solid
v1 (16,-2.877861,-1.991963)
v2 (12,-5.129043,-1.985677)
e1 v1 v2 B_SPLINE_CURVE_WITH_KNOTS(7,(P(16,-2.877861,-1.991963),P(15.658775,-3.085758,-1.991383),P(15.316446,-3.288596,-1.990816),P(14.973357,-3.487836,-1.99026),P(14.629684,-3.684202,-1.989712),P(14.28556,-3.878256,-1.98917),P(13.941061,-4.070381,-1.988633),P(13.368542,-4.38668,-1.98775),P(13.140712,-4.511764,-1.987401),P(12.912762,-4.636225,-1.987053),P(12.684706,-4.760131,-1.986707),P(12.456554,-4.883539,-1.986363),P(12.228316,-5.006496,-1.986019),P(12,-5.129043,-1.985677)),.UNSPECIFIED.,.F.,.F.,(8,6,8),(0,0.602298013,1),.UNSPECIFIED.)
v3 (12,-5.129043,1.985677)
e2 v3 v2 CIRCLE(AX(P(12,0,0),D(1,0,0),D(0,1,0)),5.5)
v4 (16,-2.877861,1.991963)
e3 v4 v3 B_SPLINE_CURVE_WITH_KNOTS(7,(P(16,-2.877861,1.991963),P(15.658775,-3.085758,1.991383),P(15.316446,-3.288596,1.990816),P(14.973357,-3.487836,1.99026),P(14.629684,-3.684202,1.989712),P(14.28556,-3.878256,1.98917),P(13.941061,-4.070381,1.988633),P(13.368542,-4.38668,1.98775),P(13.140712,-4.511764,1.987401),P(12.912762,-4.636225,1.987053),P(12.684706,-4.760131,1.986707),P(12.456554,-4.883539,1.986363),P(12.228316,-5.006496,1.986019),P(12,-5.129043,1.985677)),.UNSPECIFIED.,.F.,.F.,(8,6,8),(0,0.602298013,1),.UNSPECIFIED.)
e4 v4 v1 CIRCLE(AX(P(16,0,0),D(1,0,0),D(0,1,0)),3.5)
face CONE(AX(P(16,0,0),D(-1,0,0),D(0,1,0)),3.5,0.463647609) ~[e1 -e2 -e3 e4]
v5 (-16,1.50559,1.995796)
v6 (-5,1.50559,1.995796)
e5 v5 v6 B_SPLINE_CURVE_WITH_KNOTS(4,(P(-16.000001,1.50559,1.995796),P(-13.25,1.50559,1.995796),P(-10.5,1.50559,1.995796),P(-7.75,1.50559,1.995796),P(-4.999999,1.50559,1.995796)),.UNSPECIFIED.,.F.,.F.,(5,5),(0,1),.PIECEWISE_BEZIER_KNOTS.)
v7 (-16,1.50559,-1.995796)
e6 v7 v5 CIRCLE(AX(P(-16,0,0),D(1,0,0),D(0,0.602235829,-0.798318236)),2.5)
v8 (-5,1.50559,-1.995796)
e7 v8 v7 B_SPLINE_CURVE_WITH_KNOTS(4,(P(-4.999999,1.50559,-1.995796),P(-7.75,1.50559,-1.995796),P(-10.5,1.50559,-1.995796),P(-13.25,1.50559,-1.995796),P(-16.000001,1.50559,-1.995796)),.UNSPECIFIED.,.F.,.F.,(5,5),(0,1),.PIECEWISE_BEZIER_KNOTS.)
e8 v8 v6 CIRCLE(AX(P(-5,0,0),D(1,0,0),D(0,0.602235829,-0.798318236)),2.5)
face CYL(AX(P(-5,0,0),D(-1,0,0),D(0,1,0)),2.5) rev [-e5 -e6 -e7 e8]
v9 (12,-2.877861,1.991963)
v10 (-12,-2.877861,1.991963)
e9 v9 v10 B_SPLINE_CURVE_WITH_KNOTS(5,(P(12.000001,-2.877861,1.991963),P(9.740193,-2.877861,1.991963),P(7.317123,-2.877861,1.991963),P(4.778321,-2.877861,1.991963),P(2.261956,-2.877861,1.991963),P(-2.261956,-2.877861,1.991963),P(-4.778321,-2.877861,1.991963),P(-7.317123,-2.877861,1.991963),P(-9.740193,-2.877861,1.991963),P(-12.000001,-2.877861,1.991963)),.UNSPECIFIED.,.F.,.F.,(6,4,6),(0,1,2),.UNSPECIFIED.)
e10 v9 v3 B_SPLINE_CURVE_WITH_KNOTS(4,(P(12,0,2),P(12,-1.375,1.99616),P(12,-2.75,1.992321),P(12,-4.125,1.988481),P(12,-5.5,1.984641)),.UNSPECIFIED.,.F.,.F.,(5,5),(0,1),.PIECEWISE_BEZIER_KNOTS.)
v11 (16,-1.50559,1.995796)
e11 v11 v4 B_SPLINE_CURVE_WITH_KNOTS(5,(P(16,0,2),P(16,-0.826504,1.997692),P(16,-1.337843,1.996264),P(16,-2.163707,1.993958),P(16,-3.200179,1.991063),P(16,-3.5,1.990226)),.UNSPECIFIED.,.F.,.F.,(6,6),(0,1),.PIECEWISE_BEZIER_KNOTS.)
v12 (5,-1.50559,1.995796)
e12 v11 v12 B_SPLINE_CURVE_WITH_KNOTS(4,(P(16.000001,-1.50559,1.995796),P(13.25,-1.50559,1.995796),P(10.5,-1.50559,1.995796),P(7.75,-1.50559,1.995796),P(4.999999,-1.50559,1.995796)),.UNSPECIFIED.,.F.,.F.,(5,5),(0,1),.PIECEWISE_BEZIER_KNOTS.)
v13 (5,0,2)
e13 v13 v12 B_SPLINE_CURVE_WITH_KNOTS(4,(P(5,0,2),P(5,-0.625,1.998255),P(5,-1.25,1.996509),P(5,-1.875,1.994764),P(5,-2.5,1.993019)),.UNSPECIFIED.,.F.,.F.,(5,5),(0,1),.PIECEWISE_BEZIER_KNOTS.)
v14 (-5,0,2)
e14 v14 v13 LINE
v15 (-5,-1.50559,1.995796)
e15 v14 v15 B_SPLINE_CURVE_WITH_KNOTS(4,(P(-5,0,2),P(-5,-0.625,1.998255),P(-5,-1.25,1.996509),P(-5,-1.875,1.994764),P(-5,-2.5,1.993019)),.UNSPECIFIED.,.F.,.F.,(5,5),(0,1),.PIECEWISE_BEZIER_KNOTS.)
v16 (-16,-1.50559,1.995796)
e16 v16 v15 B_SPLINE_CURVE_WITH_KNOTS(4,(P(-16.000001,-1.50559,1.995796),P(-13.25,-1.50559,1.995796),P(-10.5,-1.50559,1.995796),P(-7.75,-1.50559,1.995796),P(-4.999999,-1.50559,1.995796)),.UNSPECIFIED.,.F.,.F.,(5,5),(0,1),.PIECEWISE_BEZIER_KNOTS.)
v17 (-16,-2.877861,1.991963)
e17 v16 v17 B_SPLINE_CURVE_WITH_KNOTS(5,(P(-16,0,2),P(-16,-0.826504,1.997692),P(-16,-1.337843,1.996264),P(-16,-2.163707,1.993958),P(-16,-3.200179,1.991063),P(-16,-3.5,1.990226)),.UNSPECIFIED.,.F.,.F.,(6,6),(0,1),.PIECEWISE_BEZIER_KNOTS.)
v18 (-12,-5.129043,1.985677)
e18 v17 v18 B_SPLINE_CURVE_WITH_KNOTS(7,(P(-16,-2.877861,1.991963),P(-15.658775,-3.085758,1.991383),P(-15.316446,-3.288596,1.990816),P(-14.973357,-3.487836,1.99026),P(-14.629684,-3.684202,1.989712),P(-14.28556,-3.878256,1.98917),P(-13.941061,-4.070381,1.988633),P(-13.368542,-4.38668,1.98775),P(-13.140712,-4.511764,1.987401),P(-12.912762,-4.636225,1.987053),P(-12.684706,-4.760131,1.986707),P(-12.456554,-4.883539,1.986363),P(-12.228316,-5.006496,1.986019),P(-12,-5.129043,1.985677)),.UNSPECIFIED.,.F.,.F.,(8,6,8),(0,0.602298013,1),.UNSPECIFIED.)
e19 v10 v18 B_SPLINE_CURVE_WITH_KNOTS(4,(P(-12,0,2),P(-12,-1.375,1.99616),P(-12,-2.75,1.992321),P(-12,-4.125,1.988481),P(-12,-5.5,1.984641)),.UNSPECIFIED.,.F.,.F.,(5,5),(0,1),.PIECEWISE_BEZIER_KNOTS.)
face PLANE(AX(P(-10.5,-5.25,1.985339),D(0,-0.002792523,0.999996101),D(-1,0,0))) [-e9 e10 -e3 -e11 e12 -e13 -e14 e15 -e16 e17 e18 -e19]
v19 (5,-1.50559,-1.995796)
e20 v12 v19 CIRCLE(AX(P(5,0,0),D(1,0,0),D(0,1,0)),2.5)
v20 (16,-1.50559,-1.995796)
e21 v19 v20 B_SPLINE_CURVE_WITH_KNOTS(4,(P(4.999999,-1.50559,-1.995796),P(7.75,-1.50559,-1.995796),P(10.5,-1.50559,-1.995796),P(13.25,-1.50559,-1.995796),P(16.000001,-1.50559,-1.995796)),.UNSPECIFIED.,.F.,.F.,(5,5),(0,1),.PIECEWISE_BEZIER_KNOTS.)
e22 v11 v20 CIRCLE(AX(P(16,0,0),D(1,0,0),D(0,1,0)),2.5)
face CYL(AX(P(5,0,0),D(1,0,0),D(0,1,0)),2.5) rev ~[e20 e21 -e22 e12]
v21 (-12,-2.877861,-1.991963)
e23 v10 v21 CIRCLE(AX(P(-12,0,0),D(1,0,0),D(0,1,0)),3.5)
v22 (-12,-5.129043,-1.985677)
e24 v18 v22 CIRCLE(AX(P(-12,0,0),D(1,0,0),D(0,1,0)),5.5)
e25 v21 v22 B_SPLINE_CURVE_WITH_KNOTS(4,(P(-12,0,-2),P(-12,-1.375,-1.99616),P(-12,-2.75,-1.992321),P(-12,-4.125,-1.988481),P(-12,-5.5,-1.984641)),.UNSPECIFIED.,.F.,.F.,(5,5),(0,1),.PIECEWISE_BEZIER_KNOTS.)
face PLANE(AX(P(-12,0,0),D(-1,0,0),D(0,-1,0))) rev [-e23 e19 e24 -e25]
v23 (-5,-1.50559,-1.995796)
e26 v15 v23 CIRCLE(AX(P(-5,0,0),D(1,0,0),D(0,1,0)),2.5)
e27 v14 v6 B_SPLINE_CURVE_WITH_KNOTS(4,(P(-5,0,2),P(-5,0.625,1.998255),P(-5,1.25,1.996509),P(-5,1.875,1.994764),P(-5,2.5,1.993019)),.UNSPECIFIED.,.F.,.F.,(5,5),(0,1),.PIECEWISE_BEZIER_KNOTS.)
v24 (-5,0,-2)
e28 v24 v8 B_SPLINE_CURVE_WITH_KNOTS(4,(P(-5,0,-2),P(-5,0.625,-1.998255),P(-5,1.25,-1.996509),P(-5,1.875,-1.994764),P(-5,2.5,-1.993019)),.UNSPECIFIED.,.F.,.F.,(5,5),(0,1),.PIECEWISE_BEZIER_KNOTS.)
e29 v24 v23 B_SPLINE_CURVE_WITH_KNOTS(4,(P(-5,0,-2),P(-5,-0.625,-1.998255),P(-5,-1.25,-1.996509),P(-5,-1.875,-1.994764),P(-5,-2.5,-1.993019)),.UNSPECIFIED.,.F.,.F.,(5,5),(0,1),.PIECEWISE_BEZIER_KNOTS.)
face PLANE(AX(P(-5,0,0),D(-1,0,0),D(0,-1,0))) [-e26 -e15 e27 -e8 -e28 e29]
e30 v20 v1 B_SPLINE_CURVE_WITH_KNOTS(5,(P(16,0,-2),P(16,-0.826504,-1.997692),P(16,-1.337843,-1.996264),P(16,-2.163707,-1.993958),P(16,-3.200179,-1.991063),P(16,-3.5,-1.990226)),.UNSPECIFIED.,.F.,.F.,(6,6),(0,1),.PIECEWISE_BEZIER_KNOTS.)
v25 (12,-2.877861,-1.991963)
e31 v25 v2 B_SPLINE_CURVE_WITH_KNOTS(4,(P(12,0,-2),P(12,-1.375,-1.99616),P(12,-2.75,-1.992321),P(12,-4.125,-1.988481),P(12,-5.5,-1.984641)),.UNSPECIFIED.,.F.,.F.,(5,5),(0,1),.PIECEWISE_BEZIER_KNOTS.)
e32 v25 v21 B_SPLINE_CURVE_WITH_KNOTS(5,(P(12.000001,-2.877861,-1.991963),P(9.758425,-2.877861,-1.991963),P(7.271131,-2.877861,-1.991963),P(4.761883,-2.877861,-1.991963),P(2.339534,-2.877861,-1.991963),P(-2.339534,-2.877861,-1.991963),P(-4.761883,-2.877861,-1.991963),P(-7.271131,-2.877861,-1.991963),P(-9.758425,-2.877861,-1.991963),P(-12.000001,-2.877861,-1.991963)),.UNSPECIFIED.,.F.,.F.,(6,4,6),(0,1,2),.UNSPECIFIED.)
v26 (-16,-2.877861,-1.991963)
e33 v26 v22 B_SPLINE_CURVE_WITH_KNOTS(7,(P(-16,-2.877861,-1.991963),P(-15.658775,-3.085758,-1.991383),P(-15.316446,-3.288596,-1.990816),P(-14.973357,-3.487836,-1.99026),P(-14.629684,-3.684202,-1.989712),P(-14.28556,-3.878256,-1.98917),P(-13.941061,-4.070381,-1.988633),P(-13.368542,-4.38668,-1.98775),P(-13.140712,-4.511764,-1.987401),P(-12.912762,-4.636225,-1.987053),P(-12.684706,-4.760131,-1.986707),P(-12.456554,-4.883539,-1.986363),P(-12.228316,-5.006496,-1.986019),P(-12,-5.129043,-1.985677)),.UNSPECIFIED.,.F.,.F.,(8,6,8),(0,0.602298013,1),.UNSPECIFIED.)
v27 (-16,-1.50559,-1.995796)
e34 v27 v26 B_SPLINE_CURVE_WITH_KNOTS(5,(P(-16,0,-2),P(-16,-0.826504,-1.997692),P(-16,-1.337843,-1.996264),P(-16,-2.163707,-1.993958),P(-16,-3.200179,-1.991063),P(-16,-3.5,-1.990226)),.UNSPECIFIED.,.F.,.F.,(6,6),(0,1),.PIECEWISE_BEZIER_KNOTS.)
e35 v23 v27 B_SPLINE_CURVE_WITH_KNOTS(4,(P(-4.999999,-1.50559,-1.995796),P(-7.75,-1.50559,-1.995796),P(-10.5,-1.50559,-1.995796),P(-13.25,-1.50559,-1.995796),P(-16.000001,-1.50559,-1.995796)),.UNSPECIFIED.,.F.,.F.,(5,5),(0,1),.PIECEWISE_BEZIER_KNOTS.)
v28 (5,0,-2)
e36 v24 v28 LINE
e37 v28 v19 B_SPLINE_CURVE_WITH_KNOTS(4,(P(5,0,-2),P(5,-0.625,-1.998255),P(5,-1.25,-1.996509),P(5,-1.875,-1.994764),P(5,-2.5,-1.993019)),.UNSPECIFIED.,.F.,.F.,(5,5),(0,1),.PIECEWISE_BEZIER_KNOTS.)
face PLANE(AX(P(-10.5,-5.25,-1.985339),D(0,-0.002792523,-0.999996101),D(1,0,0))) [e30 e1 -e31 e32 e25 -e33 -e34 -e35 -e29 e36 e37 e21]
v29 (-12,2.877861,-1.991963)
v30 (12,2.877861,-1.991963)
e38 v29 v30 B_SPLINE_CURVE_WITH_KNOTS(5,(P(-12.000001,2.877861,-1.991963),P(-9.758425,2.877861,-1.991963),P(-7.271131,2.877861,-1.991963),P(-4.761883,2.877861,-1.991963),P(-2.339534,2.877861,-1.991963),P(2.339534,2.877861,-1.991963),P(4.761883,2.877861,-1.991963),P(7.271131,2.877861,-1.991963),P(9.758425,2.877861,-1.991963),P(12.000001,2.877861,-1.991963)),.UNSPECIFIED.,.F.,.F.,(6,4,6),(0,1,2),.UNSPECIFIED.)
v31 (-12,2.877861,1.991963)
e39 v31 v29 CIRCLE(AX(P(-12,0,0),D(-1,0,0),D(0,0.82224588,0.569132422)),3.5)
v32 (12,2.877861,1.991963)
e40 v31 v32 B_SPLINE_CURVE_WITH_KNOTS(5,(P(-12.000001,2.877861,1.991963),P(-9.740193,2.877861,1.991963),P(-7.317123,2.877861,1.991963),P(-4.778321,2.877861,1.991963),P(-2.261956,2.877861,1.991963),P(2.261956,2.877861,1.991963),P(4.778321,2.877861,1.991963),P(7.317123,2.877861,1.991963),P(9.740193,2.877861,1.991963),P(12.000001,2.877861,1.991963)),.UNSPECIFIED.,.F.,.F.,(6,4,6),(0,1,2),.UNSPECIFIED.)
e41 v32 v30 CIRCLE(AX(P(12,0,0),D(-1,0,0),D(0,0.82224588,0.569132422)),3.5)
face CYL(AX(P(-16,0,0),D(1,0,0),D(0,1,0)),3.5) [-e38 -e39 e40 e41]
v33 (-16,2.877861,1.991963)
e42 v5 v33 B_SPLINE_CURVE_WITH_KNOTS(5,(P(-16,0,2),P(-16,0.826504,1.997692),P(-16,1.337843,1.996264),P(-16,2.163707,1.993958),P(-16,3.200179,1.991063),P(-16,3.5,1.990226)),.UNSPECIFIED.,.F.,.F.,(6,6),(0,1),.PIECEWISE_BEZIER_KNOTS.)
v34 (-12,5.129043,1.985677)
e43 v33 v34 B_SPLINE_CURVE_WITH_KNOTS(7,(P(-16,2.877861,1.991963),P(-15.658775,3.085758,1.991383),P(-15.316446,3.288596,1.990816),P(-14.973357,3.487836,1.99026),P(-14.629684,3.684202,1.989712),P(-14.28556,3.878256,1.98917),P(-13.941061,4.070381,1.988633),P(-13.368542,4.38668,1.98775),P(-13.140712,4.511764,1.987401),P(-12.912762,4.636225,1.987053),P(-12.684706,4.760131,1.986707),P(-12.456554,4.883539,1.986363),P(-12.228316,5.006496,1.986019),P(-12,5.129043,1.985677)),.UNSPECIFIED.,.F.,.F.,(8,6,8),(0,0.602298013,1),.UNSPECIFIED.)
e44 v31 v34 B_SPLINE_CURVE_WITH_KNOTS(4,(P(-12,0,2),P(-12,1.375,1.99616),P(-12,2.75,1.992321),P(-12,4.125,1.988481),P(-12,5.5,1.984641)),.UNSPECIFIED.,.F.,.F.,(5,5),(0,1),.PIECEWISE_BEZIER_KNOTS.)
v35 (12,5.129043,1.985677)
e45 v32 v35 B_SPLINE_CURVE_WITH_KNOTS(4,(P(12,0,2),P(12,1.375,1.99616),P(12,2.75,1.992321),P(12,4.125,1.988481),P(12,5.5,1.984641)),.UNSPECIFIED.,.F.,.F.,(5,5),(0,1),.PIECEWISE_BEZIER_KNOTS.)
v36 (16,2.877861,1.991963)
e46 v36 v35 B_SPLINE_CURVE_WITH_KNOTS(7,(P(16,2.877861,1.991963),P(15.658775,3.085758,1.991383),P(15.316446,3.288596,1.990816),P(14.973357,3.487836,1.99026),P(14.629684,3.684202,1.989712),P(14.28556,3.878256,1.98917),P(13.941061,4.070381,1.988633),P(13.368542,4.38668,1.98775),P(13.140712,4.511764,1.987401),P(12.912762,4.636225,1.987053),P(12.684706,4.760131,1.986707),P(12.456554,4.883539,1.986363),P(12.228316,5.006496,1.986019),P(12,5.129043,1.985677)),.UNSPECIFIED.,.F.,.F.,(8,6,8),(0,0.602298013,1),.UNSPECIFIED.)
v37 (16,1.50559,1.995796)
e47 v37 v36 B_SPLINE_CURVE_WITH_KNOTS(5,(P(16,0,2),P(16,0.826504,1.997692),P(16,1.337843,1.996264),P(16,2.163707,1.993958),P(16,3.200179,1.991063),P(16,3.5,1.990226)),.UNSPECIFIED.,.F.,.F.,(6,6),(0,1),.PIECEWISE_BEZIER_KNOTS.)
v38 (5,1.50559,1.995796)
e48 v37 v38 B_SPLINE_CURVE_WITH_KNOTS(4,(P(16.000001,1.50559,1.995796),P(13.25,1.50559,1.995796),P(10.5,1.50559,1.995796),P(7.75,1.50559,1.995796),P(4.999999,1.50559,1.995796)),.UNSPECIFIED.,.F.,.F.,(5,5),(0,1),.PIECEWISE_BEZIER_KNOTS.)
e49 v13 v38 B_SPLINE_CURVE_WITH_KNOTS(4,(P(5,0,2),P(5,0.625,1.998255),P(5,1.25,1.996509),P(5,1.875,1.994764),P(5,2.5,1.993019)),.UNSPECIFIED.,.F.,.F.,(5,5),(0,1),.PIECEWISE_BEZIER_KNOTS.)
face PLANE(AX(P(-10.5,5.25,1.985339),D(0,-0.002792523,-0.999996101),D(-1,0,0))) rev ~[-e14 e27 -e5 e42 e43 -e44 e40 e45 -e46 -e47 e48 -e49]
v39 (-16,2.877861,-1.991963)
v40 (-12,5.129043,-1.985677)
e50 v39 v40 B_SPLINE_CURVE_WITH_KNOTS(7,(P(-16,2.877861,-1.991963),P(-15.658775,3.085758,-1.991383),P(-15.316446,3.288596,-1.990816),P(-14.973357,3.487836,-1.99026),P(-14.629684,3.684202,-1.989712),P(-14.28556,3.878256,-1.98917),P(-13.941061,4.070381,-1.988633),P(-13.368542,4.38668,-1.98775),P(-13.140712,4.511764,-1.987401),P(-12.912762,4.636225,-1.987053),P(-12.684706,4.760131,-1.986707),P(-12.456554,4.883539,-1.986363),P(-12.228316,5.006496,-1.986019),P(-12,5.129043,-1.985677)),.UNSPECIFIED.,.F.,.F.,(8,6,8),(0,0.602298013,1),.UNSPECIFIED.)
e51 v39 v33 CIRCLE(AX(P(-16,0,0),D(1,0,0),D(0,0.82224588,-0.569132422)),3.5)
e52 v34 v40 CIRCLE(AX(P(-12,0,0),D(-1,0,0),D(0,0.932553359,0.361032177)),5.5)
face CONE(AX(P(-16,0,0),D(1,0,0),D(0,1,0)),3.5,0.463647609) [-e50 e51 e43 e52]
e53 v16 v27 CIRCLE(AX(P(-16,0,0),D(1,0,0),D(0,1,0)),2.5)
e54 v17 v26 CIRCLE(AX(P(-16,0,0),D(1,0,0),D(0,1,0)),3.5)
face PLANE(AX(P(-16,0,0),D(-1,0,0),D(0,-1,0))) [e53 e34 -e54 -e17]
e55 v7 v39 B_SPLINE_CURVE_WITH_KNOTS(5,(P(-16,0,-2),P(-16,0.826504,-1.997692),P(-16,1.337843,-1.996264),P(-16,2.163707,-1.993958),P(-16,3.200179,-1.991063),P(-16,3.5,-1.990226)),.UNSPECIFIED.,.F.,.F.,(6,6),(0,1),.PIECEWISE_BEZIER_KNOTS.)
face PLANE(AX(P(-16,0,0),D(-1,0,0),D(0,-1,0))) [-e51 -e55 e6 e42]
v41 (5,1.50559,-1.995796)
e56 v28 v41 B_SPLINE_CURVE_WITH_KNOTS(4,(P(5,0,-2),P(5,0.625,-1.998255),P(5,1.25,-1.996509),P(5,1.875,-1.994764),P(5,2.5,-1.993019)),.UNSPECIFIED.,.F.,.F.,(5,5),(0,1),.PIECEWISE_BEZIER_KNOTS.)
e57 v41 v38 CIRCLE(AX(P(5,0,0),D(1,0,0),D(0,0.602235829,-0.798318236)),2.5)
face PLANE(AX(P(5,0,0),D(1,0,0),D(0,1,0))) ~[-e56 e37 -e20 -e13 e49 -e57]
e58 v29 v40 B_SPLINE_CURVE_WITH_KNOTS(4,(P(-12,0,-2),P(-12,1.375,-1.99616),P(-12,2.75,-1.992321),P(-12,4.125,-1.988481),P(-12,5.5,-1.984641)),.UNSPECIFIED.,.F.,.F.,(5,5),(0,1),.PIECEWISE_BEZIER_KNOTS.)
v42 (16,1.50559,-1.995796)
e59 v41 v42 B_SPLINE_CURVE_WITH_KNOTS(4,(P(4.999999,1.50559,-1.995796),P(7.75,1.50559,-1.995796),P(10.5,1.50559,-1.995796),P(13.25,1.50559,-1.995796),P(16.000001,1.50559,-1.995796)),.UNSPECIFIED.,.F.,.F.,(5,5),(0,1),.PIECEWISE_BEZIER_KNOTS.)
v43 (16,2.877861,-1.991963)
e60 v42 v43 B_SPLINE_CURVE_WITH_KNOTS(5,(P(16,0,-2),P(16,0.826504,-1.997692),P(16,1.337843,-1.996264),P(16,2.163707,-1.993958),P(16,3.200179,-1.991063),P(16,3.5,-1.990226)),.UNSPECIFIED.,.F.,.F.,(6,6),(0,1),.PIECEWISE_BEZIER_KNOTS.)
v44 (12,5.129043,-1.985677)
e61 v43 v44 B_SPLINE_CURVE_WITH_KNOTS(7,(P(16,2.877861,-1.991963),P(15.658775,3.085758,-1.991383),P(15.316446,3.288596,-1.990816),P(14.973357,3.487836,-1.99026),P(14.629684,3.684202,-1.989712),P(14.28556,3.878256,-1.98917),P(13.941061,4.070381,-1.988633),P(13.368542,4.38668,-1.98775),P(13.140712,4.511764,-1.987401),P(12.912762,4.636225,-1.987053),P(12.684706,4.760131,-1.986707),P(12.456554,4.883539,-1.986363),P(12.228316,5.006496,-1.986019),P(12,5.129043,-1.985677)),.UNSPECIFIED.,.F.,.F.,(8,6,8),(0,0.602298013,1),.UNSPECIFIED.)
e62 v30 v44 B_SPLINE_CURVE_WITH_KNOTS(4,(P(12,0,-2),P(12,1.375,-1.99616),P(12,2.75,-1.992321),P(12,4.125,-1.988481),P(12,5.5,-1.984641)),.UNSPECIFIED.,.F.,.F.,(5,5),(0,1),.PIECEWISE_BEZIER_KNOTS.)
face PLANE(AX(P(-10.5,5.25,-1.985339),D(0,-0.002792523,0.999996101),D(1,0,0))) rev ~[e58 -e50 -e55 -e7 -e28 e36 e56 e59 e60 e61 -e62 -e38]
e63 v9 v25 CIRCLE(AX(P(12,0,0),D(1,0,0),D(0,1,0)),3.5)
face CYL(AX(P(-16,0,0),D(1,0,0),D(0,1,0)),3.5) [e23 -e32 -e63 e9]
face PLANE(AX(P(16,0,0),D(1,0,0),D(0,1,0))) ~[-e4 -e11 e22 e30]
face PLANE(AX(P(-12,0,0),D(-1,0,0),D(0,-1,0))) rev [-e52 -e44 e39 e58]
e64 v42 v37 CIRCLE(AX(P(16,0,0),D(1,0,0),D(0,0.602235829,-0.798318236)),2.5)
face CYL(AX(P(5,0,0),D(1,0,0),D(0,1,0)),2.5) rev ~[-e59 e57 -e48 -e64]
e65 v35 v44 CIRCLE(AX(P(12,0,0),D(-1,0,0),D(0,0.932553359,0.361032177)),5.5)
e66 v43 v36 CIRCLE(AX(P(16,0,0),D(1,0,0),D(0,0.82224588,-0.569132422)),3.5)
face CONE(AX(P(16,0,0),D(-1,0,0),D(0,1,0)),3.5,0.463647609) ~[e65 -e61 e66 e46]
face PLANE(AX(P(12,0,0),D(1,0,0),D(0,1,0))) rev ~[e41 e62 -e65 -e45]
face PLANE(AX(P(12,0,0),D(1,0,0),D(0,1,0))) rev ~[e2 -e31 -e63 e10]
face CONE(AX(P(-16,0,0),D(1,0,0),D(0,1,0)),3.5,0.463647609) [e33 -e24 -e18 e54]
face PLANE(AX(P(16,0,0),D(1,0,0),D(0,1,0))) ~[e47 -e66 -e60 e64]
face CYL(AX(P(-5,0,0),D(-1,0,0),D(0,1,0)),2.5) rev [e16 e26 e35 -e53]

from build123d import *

# Parameters (mm, degrees)
F2_W     = 21
F2_H     = 15
F3_DEPTH = 10.5
F3_TAPER = -0.16


with BuildPart() as f1:
    # F0 (on Top) → F1 (revolve)
    with BuildSketch(Plane.XY):
        Polygon((5, 3.5), (0, 3.5), (0, 0), (5, 0), (5, 2.5), align=None)
        Polygon((12, 3.5), (5, 3.5), (5, 2.5), (16, 2.5), (16, 3.5), align=None)
        Polygon((12, 5.5), (12, 3.5), (16, 3.5), align=None)
    revolve(axis=Axis((2.5, 0, 0), (1, 0, 0)))

    # F2 (on Front) → F3 (cut, symmetric)
    with BuildSketch(Plane.XZ):
        with Locations((10.5, 9.5)):
            Rectangle(F2_W, F2_H)
        with Locations((10.5, -9.5)):
            Rectangle(F2_W, F2_H)
    extrude(amount=F3_DEPTH, both=True, taper=F3_TAPER, mode=Mode.SUBTRACT)

    # F4: F1 across plane


with BuildPart() as f1_1:
    add(f1.part)
    add(f1.part.mirror(Plane.YZ))


solid = f1_1.part
